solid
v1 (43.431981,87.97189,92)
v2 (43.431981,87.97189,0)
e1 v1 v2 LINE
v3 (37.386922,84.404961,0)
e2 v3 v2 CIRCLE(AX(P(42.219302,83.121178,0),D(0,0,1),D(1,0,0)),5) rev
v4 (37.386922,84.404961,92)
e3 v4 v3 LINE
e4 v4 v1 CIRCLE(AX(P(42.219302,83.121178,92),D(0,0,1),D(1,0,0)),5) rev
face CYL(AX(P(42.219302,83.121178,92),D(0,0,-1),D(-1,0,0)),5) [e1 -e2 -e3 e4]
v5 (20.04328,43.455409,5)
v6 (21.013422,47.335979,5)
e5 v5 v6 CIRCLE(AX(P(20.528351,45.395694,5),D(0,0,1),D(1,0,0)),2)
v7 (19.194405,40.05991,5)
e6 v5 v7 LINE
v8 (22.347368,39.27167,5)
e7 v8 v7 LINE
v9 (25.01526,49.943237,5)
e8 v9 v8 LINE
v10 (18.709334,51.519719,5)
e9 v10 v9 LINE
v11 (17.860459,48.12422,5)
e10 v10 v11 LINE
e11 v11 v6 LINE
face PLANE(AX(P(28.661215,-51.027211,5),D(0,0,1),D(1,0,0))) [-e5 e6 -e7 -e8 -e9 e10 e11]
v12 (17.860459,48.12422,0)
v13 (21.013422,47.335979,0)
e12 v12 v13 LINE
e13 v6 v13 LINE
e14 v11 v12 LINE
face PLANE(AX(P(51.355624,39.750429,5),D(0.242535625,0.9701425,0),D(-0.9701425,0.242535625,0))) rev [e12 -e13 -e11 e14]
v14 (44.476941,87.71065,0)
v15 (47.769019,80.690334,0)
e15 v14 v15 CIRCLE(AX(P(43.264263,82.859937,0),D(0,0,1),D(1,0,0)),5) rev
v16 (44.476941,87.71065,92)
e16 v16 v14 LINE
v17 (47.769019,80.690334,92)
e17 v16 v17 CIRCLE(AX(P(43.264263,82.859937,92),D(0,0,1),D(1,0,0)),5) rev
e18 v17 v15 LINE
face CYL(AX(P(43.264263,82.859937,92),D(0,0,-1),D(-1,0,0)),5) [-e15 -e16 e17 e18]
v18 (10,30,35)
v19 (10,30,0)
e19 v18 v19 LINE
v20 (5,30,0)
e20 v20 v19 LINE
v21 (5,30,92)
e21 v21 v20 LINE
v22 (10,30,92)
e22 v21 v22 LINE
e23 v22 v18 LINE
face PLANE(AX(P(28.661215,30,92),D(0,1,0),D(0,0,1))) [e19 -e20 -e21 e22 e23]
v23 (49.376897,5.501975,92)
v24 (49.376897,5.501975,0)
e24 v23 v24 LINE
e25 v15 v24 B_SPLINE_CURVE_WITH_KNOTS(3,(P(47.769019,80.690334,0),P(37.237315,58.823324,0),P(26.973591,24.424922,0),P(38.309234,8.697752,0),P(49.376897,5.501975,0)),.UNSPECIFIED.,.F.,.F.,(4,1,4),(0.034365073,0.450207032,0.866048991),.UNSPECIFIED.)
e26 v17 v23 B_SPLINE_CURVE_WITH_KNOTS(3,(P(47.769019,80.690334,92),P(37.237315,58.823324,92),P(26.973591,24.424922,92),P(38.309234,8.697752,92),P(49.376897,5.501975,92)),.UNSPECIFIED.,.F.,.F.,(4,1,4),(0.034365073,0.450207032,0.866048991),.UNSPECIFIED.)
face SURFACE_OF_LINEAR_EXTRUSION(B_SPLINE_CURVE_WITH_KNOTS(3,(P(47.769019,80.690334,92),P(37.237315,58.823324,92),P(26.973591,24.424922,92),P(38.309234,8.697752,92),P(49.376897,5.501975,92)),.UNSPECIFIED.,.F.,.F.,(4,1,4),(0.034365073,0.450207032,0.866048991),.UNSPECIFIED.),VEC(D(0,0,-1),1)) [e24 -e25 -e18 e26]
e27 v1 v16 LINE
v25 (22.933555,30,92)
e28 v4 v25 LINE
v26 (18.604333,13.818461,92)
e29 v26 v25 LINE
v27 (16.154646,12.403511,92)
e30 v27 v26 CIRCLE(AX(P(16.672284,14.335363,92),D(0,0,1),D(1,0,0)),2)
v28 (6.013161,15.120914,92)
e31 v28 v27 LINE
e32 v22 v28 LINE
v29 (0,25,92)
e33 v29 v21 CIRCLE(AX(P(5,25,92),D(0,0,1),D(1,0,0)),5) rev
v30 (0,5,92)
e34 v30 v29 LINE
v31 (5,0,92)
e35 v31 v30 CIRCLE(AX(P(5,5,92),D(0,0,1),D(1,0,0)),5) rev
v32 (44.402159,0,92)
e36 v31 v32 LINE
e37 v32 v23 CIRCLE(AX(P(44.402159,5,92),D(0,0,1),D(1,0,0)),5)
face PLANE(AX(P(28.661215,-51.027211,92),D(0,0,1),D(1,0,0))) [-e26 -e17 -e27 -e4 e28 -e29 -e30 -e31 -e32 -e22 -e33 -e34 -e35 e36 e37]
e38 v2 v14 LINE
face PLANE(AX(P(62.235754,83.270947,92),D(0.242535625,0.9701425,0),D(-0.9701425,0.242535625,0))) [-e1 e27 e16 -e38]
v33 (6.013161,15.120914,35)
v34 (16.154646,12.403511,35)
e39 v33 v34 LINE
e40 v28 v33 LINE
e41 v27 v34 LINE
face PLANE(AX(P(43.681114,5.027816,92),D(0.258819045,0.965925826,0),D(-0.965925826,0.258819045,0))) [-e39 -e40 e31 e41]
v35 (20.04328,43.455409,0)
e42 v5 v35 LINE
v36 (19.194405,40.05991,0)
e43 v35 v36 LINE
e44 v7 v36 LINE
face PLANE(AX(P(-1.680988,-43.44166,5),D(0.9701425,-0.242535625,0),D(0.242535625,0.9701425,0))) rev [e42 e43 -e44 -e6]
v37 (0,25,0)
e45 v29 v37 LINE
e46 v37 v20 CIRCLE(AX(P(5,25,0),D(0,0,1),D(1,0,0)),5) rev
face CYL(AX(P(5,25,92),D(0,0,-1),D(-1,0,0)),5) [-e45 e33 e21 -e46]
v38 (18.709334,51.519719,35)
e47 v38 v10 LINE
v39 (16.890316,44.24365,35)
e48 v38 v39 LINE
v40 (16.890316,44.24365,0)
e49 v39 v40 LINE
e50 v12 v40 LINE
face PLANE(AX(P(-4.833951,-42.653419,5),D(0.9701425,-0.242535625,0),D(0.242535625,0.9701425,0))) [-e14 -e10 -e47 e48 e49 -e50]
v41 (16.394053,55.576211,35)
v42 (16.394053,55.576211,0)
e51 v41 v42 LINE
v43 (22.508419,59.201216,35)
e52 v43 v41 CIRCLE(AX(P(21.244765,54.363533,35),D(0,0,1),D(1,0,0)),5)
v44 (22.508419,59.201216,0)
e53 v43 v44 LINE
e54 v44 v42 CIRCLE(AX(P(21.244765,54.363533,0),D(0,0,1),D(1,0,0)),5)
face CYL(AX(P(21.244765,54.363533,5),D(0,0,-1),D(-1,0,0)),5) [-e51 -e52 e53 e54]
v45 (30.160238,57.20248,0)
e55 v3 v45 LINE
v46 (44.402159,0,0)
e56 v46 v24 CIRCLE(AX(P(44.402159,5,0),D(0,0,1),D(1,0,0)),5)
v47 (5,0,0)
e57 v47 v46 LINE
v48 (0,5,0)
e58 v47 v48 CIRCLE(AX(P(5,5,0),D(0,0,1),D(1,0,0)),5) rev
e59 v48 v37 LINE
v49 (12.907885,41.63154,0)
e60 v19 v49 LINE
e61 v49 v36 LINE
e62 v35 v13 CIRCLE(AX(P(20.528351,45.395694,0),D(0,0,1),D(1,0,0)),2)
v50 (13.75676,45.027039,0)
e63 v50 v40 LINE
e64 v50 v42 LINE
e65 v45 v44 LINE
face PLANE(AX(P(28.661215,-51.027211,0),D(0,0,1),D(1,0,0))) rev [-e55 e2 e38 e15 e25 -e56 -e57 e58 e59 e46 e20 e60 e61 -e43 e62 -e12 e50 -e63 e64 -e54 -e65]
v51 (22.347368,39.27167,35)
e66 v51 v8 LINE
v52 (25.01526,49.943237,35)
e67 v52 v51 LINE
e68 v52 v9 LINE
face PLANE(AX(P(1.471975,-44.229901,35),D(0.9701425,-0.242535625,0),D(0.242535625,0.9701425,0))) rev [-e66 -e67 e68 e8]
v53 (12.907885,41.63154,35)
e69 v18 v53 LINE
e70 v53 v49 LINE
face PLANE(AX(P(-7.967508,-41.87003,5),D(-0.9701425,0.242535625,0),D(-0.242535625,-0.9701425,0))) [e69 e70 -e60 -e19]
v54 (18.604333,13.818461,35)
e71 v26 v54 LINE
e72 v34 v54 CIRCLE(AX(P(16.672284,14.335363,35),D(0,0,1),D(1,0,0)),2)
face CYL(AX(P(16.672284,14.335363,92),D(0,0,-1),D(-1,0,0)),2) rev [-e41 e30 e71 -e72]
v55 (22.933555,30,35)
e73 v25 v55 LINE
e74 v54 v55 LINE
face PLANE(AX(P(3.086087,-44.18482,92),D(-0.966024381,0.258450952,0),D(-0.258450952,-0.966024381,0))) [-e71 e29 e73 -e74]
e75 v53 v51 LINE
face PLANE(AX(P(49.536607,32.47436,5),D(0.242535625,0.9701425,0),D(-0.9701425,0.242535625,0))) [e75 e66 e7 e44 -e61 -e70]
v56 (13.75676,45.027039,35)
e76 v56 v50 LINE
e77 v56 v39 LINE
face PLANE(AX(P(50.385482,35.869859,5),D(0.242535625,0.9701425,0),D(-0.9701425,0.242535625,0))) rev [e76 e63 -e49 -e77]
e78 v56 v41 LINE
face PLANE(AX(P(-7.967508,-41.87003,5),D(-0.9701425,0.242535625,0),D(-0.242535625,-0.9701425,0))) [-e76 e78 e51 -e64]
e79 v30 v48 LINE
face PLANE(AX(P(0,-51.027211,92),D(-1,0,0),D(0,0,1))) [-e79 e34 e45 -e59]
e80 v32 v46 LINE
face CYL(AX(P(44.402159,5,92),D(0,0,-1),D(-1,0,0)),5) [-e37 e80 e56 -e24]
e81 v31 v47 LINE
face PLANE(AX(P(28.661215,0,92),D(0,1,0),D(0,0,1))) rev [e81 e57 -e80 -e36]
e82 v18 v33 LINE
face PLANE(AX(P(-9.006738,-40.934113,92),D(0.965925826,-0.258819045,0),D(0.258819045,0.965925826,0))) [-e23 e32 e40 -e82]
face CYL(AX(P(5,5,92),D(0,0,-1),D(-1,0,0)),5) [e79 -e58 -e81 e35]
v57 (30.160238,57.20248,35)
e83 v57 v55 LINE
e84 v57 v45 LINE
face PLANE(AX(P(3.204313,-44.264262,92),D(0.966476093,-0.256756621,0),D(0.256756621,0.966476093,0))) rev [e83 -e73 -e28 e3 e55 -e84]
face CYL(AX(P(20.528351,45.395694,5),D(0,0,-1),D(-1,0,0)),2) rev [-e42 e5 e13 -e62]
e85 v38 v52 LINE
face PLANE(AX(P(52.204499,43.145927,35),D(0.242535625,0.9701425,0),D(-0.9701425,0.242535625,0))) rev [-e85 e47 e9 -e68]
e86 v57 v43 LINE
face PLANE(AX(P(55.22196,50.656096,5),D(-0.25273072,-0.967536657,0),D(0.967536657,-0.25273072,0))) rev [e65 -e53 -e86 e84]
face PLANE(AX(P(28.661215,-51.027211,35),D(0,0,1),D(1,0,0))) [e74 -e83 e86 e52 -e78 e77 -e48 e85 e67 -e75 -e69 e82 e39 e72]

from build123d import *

# Parameters (mm, degrees)
BOSS_EXTRUDE1_DEPTH = 92
BOSS_EXTRUDE2_DEPTH = 5
BOSS_EXTRUDE3_START = 5
BOSS_EXTRUDE3_DEPTH = 30


with BuildPart() as part:
    # Sketch1 → Boss-Extrude1 (new body)
    with BuildSketch(Plane.XY):
        with BuildLine():
            ThreePointArc((43.43198058, 87.971890028), (39.678375933, 87.427416305), (37.386921991, 84.40496063))
            Line((37.386921991, 84.40496063), (30.160238403, 57.202480315))
            Line((30.160238403, 57.202480315), (22.933554815, 30))
            Line((22.933554815, 30), (18.60433255, 13.818460639))
            ThreePointArc((18.60433255, 13.818460639), (17.672613775, 12.603502297), (16.154645697, 12.403510891))
            Line((16.154645697, 12.403510891), (6.013160809, 15.120913577))
            Line((6.013160809, 15.120913577), (10, 30))
            Line((10, 30), (5, 30))
            ThreePointArc((5, 30), (1.464466094, 28.535533906), (0, 25))
            Line((0, 25), (0, 5))
            ThreePointArc((0, 5), (1.464466094, 1.464466094), (5, 0))
            Line((5, 0), (44.402158914, 0))
            ThreePointArc((44.402158914, 0), (48.110924034, 1.646634335), (49.376897159, 5.501975487))
            add(Edge.make_bspline(
                [(47.769018508, 80.690333507), (37.23731495, 58.823324345), (26.973591169, 24.424922179), (38.309234052, 8.697752331), (49.376897159, 5.501975487)],
                knots=[0.034365073, 0.034365073, 0.034365073, 0.034365073, 0.450207032, 0.866048991, 0.866048991, 0.866048991, 0.866048991], degree=3))
            ThreePointArc((47.769018508, 80.690333507), (47.791234842, 84.982795953), (44.476941442, 87.710649813))
            Line((44.476941442, 87.710649813), (43.43198058, 87.971890028))
        make_face()
    extrude(amount=BOSS_EXTRUDE1_DEPTH)

    # Sketch1<3> → Boss-Extrude2 (add)
    with BuildSketch(Plane.XY):
        with BuildLine():
            Line((22.933554815, 30), (30.160238403, 57.202480315))
            Line((30.160238403, 57.202480315), (22.508418768, 59.201215835))
            ThreePointArc((22.508418768, 59.201215835), (18.694880172, 58.664472736), (16.394052668, 55.576210673))
            Line((16.394052668, 55.576210673), (13.75675976, 45.027039041))
            Line((13.75675976, 45.027039041), (16.890316486, 44.243649859))
            Line((16.890316486, 44.243649859), (17.860458987, 48.12421986))
            Line((17.860458987, 48.12421986), (21.013422112, 47.335979078))
            ThreePointArc((21.013422112, 47.335979078), (22.468635862, 44.910622828), (20.043279612, 43.455409078))
            Line((20.043279612, 43.455409078), (19.194404924, 40.059910327))
            Line((19.194404924, 40.059910327), (12.907885073, 41.63154029))
            Line((12.907885073, 41.63154029), (10, 30))
            Line((10, 30), (6.013160809, 15.120913577))
            Line((6.013160809, 15.120913577), (16.154645697, 12.403510891))
            ThreePointArc((16.154645697, 12.403510891), (17.672613775, 12.603502297), (18.60433255, 13.818460639))
            Line((18.60433255, 13.818460639), (22.933554815, 30))
        make_face()
    extrude(amount=BOSS_EXTRUDE2_DEPTH)

    # Sketch1<4> → Boss-Extrude3 (add)
    with BuildSketch(Plane.XY.offset(BOSS_EXTRUDE3_START)):
        with BuildLine():
            Line((22.933554815, 30), (30.160238403, 57.202480315))
            Line((30.160238403, 57.202480315), (22.508418768, 59.201215835))
            ThreePointArc((22.508418768, 59.201215835), (18.694880172, 58.664472736), (16.394052668, 55.576210673))
            Line((16.394052668, 55.576210673), (14.72690226, 48.907609041))
            Line((14.72690226, 48.907609041), (13.75675976, 45.027039041))
            Line((13.75675976, 45.027039041), (16.890316486, 44.243649859))
            Line((16.890316486, 44.243649859), (17.860458987, 48.12421986))
            Line((17.860458987, 48.12421986), (18.709333674, 51.51971861))
            Line((18.709333674, 51.51971861), (25.015259925, 49.943237047))
            Line((25.015259925, 49.943237047), (22.34736805, 39.271669546))
            Line((22.34736805, 39.271669546), (19.194404924, 40.059910327))
            Line((19.194404924, 40.059910327), (16.041441799, 40.848151108))
            Line((16.041441799, 40.848151108), (12.907885073, 41.63154029))
            Line((12.907885073, 41.63154029), (10, 30))
            Line((10, 30), (6.013160809, 15.120913577))
            Line((6.013160809, 15.120913577), (16.154645697, 12.403510891))
            ThreePointArc((16.154645697, 12.403510891), (17.672613775, 12.603502297), (18.60433255, 13.818460639))
            Line((18.60433255, 13.818460639), (22.933554815, 30))
        make_face()
    extrude(amount=BOSS_EXTRUDE3_DEPTH)


solid = part.part
